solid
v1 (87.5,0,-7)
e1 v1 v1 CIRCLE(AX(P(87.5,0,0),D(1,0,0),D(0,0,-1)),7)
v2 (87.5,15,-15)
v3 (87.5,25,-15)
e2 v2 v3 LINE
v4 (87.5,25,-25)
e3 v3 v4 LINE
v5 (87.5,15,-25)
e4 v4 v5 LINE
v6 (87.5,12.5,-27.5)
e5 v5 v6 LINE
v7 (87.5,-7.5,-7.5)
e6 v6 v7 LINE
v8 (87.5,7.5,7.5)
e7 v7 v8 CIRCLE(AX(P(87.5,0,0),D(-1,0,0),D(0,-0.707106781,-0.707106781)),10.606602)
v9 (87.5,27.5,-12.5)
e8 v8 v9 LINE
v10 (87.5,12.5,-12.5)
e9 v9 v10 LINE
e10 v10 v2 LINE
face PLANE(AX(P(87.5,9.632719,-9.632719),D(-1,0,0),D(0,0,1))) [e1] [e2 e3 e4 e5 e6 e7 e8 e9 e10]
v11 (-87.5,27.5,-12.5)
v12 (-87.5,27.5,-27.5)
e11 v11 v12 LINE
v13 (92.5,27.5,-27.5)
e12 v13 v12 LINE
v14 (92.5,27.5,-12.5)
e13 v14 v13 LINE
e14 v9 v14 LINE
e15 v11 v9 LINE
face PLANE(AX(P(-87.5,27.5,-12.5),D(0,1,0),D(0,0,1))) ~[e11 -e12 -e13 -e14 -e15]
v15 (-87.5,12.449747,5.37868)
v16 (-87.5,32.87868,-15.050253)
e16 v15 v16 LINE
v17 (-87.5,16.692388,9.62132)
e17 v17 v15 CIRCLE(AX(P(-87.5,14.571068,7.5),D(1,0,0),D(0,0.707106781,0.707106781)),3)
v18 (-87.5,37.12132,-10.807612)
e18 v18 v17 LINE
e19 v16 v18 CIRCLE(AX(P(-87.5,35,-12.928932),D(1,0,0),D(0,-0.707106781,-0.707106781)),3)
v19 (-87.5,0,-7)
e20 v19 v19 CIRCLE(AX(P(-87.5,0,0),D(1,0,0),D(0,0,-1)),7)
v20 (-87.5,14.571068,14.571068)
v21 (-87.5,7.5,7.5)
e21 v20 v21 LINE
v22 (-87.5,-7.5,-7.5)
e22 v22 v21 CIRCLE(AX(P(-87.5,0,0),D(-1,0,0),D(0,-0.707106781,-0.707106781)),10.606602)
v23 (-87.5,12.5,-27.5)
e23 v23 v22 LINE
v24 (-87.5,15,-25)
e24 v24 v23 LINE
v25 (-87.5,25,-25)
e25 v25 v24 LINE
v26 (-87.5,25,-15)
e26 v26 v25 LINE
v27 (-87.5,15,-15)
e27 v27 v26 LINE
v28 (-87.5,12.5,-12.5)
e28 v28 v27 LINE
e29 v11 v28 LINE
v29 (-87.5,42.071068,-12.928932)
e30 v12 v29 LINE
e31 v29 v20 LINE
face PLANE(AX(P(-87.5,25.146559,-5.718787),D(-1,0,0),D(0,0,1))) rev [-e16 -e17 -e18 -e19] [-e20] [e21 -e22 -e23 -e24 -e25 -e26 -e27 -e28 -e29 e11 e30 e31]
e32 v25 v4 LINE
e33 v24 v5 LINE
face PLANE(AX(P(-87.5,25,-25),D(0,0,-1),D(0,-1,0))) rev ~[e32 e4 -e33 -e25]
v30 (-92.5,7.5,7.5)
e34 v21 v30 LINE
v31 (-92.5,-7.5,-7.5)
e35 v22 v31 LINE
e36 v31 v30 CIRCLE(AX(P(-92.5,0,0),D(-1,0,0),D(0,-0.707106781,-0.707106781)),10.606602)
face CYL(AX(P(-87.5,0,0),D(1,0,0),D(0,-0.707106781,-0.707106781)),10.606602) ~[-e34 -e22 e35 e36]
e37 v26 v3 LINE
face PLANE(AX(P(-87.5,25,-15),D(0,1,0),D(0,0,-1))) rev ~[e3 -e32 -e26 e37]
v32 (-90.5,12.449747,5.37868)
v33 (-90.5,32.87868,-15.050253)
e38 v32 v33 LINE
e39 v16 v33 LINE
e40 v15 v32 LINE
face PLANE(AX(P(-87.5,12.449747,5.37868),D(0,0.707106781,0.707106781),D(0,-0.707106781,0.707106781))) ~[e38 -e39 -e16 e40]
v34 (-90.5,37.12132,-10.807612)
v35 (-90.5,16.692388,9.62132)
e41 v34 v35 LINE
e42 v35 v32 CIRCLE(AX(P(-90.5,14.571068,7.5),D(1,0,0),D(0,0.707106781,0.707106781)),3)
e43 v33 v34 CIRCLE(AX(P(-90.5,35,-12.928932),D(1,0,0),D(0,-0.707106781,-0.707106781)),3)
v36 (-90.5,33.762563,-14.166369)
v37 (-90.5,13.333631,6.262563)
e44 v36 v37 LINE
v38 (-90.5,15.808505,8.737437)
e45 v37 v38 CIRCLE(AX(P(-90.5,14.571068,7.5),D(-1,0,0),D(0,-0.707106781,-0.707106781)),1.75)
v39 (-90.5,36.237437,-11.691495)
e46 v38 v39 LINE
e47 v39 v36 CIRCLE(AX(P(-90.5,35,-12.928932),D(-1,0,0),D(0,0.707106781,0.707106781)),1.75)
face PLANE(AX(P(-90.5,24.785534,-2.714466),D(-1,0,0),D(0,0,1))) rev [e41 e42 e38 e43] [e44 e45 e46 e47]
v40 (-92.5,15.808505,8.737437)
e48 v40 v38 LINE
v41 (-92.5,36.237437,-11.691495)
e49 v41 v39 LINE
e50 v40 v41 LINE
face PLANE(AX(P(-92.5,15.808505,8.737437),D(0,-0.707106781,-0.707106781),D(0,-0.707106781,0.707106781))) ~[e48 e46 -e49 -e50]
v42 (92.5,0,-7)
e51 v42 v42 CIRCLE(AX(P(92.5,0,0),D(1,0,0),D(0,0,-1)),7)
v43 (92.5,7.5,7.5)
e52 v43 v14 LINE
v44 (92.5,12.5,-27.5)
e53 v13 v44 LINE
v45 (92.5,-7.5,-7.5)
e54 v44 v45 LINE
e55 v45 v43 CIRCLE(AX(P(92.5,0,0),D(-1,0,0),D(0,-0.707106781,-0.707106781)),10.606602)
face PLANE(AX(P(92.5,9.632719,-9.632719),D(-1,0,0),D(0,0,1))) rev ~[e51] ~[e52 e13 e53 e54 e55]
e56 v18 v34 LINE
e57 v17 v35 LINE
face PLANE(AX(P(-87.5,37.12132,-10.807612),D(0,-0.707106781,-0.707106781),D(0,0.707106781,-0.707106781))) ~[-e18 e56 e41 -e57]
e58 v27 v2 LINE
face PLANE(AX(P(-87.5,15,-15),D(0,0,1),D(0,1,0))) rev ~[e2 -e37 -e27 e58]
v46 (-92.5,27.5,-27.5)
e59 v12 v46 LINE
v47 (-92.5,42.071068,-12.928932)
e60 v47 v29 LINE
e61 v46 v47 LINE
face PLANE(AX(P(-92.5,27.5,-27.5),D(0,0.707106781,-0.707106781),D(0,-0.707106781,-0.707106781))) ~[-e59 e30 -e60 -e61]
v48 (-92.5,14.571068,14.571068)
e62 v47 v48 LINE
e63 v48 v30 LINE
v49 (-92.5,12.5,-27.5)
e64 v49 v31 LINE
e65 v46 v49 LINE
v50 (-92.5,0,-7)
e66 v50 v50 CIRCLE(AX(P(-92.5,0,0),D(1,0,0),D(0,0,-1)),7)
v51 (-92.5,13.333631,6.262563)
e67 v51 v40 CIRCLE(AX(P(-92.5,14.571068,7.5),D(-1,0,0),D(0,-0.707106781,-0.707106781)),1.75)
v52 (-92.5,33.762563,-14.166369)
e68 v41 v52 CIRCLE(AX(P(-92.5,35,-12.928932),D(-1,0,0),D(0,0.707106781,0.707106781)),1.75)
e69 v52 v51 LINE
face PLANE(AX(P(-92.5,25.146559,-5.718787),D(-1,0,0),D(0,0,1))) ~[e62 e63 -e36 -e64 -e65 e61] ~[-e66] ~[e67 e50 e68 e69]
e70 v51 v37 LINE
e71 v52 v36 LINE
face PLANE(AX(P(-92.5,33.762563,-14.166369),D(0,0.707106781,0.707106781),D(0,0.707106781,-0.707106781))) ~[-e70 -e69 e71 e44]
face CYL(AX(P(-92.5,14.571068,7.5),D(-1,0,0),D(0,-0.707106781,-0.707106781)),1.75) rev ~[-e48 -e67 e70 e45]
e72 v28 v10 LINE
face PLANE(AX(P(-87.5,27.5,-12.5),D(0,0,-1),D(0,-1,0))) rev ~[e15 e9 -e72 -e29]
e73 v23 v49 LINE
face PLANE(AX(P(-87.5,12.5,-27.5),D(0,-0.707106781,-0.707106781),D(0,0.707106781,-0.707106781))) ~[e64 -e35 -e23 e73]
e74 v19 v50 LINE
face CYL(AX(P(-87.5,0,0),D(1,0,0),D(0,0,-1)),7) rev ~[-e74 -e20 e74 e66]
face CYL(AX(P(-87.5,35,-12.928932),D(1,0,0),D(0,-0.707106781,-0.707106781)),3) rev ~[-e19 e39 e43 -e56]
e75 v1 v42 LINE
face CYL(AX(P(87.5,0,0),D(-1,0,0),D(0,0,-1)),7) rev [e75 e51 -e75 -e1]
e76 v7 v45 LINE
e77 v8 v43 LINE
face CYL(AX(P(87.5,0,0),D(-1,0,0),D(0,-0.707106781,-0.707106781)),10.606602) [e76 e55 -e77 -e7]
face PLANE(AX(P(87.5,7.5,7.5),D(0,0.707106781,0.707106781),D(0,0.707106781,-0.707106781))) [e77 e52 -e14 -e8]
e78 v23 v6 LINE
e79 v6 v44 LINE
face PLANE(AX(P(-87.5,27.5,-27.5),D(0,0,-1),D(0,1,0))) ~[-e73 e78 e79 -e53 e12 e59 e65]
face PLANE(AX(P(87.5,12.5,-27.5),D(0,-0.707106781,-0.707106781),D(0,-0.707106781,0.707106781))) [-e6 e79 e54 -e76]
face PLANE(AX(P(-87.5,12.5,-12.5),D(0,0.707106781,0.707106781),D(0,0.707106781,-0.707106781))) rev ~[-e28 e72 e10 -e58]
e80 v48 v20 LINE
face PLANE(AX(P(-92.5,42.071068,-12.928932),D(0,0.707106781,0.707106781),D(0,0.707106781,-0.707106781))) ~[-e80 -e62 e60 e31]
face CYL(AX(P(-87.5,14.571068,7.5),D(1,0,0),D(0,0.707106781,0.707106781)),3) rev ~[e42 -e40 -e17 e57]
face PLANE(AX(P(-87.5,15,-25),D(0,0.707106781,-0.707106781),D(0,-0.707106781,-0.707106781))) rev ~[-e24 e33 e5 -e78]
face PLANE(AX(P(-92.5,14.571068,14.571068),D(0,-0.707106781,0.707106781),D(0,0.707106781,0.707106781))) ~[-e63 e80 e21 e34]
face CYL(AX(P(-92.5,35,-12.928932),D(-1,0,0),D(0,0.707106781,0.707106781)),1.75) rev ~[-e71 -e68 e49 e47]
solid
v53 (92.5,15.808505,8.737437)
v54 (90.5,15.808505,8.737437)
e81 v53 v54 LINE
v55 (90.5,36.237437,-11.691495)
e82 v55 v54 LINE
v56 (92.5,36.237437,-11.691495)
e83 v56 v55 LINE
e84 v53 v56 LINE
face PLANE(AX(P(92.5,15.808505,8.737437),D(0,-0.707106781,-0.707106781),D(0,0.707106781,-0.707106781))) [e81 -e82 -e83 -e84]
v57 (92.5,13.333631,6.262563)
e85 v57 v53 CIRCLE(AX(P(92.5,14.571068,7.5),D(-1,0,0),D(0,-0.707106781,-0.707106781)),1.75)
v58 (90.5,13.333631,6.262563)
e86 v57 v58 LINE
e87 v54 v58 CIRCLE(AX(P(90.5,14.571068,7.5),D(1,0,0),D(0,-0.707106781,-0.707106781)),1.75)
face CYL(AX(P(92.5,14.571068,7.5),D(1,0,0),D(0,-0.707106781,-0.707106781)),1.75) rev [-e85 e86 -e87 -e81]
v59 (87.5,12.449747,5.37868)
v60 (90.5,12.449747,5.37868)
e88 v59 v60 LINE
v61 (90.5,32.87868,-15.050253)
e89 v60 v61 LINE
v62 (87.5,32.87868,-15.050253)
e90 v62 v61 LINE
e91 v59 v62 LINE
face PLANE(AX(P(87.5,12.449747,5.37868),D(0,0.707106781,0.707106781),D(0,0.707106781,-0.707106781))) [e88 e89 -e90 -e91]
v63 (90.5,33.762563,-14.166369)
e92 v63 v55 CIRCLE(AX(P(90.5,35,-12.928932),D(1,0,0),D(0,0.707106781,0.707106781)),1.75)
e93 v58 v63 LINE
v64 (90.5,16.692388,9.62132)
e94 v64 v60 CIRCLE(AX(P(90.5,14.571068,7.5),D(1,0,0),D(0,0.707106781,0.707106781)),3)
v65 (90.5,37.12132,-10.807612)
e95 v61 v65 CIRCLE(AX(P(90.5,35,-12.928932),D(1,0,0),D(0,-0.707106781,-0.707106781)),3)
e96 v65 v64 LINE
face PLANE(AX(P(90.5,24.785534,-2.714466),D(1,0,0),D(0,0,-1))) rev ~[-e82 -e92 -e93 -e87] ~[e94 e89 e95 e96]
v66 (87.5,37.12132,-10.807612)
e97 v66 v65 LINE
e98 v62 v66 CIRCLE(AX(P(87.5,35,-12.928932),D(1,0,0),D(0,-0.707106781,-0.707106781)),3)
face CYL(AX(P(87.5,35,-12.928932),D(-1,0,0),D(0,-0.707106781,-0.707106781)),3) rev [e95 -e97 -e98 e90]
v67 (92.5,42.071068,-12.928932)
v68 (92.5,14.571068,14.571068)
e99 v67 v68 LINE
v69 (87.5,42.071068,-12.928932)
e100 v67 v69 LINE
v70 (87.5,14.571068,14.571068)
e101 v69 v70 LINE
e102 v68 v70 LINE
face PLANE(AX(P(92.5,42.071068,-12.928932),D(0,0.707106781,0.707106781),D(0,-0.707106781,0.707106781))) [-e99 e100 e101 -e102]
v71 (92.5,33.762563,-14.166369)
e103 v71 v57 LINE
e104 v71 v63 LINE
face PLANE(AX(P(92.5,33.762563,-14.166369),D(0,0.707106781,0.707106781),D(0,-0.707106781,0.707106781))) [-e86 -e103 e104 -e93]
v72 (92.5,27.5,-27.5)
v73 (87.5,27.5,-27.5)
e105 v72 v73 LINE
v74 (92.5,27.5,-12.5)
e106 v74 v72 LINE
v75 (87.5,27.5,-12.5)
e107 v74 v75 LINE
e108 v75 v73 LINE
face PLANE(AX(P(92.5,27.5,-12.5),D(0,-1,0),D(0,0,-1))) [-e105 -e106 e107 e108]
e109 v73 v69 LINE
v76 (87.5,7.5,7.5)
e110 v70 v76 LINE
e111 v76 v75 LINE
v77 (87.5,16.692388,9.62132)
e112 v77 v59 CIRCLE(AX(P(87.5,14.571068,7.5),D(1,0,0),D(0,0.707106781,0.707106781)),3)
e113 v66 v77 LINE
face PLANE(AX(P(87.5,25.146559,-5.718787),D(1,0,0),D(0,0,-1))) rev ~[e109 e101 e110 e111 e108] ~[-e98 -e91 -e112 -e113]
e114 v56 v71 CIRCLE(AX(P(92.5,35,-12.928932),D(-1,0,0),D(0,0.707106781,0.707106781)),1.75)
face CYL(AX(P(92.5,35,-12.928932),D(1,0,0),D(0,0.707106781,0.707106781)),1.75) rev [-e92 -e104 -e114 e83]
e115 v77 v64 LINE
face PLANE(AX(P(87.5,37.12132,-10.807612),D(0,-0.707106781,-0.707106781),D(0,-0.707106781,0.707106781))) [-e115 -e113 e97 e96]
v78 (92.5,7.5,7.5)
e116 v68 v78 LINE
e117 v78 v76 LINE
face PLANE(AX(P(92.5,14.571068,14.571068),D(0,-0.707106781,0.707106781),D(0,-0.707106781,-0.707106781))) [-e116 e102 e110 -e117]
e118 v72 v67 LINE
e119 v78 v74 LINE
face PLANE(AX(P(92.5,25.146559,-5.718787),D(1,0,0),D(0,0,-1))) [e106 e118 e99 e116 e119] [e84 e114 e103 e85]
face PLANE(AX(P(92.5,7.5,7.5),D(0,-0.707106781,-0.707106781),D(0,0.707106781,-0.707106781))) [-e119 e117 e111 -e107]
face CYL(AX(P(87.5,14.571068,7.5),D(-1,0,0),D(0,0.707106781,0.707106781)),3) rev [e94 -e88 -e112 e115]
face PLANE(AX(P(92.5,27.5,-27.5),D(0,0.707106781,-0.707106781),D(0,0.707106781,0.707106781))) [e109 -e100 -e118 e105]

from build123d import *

# Parameters (mm, degrees)
EXTRUDE_1_DEPTH      = 87.5
EXTRUDE_1_DEPTH_BACK = 87.5
SKETCH_2_R           = 7
EXTRUDE_2_DEPTH      = 5
EXTRUDE_3_DEPTH      = 5
CUT_EXTRUDE_1_DEPTH  = 10
CUT_EXTRUDE_2_DEPTH  = 3


with BuildPart() as part:
    # 草图1 → 凸台-拉伸1 (new, two sides: drawn at the far end of the back side and taken through both)
    with BuildSketch(Plane(origin=(0, 0, 0), x_dir=(0, 0, -1), z_dir=(1, 0, 0)).offset(-EXTRUDE_1_DEPTH_BACK)):
        Polygon((12.5, 12.5), (15, 15), (15, 25), (25, 25), (25, 15), (27.5, 12.5), (27.5, 27.5), (12.5, 27.5), align=None)
    extrude(amount=EXTRUDE_1_DEPTH + EXTRUDE_1_DEPTH_BACK)

    # 草图2 → 凸台-拉伸2 (add)
    with BuildSketch(Plane(origin=(87.5, 0, 0), x_dir=(0, 0, -1), z_dir=(1, 0, 0))):
        with BuildLine():
            Line((-7.5, 7.5), (12.5, 27.5))
            Line((12.5, 27.5), (27.5, 27.5))
            Line((27.5, 27.5), (27.5, 12.5))
            Line((27.5, 12.5), (7.5, -7.5))
            ThreePointArc((7.5, -7.5), (-7.5, -7.5), (-7.5, 7.5))
        make_face()
        Circle(SKETCH_2_R, mode=Mode.SUBTRACT)
    extrude_2 = extrude(amount=EXTRUDE_2_DEPTH)

    # 镜向4: 凸台-拉伸2 across plane
    add(extrude_2.mirror(Plane(origin=(0, 0, 0), x_dir=(0, 0, 1), z_dir=(1, 0, 0))))


with BuildPart() as body_2:
    # 草图3 → 凸台-拉伸3 (new body)
    with BuildSketch(Plane(origin=(92.5, 0, 0), x_dir=(0, 0, -1), z_dir=(1, 0, 0))):
        Polygon((27.5, 27.5), (12.928932188, 42.071067812), (-14.571067812, 14.571067812), (-7.5, 7.5), (12.5, 27.5), align=None)
    extrude_3 = extrude(amount=-EXTRUDE_3_DEPTH)

    # 草图4 → 切除-拉伸1 (cut)
    with BuildSketch(Plane(origin=(92.5, 0, 0), x_dir=(0, 0, -1), z_dir=(1, 0, 0))):
        with BuildLine():
            Line((-8.737436867, 15.808504679), (11.691495321, 36.237436867))
            ThreePointArc((11.691495321, 36.237436867), (14.166369055, 36.237436867), (14.166369055, 33.762563133))
            Line((14.166369055, 33.762563133), (-6.262563133, 13.333630945))
            ThreePointArc((-6.262563133, 13.333630945), (-8.737436867, 13.333630945), (-8.737436867, 15.808504679))
        make_face()
    cut_extrude_1 = extrude(amount=-CUT_EXTRUDE_1_DEPTH, mode=Mode.SUBTRACT)

    # 草图5 → 切除-拉伸2 (cut)
    with BuildSketch(Plane.ZY.offset(-87.5)):
        with BuildLine():
            Line((-10.807611845, 37.121320344), (9.621320344, 16.692388155))
            ThreePointArc((9.621320344, 16.692388155), (9.621320344, 12.449747468), (5.378679656, 12.449747468))
            Line((5.378679656, 12.449747468), (-15.050252532, 32.878679656))
            ThreePointArc((-15.050252532, 32.878679656), (-15.050252532, 37.121320344), (-10.807611845, 37.121320344))
        make_face()
    cut_extrude_2 = extrude(amount=-CUT_EXTRUDE_2_DEPTH, mode=Mode.SUBTRACT)


with BuildPart() as part_1:
    add(part.part)

    # 镜向7: 凸台-拉伸3, 切除-拉伸1, 切除-拉伸2 across plane
    add(extrude_3.mirror(Plane(origin=(0, 0, 0), x_dir=(0, 0, 1), z_dir=(1, 0, 0))))
    add(cut_extrude_1.mirror(Plane(origin=(0, 0, 0), x_dir=(0, 0, 1), z_dir=(1, 0, 0))), mode=Mode.SUBTRACT)
    add(cut_extrude_2.mirror(Plane(origin=(0, 0, 0), x_dir=(0, 0, 1), z_dir=(1, 0, 0))), mode=Mode.SUBTRACT)


solid = Compound([body_2.part, part_1.part])
